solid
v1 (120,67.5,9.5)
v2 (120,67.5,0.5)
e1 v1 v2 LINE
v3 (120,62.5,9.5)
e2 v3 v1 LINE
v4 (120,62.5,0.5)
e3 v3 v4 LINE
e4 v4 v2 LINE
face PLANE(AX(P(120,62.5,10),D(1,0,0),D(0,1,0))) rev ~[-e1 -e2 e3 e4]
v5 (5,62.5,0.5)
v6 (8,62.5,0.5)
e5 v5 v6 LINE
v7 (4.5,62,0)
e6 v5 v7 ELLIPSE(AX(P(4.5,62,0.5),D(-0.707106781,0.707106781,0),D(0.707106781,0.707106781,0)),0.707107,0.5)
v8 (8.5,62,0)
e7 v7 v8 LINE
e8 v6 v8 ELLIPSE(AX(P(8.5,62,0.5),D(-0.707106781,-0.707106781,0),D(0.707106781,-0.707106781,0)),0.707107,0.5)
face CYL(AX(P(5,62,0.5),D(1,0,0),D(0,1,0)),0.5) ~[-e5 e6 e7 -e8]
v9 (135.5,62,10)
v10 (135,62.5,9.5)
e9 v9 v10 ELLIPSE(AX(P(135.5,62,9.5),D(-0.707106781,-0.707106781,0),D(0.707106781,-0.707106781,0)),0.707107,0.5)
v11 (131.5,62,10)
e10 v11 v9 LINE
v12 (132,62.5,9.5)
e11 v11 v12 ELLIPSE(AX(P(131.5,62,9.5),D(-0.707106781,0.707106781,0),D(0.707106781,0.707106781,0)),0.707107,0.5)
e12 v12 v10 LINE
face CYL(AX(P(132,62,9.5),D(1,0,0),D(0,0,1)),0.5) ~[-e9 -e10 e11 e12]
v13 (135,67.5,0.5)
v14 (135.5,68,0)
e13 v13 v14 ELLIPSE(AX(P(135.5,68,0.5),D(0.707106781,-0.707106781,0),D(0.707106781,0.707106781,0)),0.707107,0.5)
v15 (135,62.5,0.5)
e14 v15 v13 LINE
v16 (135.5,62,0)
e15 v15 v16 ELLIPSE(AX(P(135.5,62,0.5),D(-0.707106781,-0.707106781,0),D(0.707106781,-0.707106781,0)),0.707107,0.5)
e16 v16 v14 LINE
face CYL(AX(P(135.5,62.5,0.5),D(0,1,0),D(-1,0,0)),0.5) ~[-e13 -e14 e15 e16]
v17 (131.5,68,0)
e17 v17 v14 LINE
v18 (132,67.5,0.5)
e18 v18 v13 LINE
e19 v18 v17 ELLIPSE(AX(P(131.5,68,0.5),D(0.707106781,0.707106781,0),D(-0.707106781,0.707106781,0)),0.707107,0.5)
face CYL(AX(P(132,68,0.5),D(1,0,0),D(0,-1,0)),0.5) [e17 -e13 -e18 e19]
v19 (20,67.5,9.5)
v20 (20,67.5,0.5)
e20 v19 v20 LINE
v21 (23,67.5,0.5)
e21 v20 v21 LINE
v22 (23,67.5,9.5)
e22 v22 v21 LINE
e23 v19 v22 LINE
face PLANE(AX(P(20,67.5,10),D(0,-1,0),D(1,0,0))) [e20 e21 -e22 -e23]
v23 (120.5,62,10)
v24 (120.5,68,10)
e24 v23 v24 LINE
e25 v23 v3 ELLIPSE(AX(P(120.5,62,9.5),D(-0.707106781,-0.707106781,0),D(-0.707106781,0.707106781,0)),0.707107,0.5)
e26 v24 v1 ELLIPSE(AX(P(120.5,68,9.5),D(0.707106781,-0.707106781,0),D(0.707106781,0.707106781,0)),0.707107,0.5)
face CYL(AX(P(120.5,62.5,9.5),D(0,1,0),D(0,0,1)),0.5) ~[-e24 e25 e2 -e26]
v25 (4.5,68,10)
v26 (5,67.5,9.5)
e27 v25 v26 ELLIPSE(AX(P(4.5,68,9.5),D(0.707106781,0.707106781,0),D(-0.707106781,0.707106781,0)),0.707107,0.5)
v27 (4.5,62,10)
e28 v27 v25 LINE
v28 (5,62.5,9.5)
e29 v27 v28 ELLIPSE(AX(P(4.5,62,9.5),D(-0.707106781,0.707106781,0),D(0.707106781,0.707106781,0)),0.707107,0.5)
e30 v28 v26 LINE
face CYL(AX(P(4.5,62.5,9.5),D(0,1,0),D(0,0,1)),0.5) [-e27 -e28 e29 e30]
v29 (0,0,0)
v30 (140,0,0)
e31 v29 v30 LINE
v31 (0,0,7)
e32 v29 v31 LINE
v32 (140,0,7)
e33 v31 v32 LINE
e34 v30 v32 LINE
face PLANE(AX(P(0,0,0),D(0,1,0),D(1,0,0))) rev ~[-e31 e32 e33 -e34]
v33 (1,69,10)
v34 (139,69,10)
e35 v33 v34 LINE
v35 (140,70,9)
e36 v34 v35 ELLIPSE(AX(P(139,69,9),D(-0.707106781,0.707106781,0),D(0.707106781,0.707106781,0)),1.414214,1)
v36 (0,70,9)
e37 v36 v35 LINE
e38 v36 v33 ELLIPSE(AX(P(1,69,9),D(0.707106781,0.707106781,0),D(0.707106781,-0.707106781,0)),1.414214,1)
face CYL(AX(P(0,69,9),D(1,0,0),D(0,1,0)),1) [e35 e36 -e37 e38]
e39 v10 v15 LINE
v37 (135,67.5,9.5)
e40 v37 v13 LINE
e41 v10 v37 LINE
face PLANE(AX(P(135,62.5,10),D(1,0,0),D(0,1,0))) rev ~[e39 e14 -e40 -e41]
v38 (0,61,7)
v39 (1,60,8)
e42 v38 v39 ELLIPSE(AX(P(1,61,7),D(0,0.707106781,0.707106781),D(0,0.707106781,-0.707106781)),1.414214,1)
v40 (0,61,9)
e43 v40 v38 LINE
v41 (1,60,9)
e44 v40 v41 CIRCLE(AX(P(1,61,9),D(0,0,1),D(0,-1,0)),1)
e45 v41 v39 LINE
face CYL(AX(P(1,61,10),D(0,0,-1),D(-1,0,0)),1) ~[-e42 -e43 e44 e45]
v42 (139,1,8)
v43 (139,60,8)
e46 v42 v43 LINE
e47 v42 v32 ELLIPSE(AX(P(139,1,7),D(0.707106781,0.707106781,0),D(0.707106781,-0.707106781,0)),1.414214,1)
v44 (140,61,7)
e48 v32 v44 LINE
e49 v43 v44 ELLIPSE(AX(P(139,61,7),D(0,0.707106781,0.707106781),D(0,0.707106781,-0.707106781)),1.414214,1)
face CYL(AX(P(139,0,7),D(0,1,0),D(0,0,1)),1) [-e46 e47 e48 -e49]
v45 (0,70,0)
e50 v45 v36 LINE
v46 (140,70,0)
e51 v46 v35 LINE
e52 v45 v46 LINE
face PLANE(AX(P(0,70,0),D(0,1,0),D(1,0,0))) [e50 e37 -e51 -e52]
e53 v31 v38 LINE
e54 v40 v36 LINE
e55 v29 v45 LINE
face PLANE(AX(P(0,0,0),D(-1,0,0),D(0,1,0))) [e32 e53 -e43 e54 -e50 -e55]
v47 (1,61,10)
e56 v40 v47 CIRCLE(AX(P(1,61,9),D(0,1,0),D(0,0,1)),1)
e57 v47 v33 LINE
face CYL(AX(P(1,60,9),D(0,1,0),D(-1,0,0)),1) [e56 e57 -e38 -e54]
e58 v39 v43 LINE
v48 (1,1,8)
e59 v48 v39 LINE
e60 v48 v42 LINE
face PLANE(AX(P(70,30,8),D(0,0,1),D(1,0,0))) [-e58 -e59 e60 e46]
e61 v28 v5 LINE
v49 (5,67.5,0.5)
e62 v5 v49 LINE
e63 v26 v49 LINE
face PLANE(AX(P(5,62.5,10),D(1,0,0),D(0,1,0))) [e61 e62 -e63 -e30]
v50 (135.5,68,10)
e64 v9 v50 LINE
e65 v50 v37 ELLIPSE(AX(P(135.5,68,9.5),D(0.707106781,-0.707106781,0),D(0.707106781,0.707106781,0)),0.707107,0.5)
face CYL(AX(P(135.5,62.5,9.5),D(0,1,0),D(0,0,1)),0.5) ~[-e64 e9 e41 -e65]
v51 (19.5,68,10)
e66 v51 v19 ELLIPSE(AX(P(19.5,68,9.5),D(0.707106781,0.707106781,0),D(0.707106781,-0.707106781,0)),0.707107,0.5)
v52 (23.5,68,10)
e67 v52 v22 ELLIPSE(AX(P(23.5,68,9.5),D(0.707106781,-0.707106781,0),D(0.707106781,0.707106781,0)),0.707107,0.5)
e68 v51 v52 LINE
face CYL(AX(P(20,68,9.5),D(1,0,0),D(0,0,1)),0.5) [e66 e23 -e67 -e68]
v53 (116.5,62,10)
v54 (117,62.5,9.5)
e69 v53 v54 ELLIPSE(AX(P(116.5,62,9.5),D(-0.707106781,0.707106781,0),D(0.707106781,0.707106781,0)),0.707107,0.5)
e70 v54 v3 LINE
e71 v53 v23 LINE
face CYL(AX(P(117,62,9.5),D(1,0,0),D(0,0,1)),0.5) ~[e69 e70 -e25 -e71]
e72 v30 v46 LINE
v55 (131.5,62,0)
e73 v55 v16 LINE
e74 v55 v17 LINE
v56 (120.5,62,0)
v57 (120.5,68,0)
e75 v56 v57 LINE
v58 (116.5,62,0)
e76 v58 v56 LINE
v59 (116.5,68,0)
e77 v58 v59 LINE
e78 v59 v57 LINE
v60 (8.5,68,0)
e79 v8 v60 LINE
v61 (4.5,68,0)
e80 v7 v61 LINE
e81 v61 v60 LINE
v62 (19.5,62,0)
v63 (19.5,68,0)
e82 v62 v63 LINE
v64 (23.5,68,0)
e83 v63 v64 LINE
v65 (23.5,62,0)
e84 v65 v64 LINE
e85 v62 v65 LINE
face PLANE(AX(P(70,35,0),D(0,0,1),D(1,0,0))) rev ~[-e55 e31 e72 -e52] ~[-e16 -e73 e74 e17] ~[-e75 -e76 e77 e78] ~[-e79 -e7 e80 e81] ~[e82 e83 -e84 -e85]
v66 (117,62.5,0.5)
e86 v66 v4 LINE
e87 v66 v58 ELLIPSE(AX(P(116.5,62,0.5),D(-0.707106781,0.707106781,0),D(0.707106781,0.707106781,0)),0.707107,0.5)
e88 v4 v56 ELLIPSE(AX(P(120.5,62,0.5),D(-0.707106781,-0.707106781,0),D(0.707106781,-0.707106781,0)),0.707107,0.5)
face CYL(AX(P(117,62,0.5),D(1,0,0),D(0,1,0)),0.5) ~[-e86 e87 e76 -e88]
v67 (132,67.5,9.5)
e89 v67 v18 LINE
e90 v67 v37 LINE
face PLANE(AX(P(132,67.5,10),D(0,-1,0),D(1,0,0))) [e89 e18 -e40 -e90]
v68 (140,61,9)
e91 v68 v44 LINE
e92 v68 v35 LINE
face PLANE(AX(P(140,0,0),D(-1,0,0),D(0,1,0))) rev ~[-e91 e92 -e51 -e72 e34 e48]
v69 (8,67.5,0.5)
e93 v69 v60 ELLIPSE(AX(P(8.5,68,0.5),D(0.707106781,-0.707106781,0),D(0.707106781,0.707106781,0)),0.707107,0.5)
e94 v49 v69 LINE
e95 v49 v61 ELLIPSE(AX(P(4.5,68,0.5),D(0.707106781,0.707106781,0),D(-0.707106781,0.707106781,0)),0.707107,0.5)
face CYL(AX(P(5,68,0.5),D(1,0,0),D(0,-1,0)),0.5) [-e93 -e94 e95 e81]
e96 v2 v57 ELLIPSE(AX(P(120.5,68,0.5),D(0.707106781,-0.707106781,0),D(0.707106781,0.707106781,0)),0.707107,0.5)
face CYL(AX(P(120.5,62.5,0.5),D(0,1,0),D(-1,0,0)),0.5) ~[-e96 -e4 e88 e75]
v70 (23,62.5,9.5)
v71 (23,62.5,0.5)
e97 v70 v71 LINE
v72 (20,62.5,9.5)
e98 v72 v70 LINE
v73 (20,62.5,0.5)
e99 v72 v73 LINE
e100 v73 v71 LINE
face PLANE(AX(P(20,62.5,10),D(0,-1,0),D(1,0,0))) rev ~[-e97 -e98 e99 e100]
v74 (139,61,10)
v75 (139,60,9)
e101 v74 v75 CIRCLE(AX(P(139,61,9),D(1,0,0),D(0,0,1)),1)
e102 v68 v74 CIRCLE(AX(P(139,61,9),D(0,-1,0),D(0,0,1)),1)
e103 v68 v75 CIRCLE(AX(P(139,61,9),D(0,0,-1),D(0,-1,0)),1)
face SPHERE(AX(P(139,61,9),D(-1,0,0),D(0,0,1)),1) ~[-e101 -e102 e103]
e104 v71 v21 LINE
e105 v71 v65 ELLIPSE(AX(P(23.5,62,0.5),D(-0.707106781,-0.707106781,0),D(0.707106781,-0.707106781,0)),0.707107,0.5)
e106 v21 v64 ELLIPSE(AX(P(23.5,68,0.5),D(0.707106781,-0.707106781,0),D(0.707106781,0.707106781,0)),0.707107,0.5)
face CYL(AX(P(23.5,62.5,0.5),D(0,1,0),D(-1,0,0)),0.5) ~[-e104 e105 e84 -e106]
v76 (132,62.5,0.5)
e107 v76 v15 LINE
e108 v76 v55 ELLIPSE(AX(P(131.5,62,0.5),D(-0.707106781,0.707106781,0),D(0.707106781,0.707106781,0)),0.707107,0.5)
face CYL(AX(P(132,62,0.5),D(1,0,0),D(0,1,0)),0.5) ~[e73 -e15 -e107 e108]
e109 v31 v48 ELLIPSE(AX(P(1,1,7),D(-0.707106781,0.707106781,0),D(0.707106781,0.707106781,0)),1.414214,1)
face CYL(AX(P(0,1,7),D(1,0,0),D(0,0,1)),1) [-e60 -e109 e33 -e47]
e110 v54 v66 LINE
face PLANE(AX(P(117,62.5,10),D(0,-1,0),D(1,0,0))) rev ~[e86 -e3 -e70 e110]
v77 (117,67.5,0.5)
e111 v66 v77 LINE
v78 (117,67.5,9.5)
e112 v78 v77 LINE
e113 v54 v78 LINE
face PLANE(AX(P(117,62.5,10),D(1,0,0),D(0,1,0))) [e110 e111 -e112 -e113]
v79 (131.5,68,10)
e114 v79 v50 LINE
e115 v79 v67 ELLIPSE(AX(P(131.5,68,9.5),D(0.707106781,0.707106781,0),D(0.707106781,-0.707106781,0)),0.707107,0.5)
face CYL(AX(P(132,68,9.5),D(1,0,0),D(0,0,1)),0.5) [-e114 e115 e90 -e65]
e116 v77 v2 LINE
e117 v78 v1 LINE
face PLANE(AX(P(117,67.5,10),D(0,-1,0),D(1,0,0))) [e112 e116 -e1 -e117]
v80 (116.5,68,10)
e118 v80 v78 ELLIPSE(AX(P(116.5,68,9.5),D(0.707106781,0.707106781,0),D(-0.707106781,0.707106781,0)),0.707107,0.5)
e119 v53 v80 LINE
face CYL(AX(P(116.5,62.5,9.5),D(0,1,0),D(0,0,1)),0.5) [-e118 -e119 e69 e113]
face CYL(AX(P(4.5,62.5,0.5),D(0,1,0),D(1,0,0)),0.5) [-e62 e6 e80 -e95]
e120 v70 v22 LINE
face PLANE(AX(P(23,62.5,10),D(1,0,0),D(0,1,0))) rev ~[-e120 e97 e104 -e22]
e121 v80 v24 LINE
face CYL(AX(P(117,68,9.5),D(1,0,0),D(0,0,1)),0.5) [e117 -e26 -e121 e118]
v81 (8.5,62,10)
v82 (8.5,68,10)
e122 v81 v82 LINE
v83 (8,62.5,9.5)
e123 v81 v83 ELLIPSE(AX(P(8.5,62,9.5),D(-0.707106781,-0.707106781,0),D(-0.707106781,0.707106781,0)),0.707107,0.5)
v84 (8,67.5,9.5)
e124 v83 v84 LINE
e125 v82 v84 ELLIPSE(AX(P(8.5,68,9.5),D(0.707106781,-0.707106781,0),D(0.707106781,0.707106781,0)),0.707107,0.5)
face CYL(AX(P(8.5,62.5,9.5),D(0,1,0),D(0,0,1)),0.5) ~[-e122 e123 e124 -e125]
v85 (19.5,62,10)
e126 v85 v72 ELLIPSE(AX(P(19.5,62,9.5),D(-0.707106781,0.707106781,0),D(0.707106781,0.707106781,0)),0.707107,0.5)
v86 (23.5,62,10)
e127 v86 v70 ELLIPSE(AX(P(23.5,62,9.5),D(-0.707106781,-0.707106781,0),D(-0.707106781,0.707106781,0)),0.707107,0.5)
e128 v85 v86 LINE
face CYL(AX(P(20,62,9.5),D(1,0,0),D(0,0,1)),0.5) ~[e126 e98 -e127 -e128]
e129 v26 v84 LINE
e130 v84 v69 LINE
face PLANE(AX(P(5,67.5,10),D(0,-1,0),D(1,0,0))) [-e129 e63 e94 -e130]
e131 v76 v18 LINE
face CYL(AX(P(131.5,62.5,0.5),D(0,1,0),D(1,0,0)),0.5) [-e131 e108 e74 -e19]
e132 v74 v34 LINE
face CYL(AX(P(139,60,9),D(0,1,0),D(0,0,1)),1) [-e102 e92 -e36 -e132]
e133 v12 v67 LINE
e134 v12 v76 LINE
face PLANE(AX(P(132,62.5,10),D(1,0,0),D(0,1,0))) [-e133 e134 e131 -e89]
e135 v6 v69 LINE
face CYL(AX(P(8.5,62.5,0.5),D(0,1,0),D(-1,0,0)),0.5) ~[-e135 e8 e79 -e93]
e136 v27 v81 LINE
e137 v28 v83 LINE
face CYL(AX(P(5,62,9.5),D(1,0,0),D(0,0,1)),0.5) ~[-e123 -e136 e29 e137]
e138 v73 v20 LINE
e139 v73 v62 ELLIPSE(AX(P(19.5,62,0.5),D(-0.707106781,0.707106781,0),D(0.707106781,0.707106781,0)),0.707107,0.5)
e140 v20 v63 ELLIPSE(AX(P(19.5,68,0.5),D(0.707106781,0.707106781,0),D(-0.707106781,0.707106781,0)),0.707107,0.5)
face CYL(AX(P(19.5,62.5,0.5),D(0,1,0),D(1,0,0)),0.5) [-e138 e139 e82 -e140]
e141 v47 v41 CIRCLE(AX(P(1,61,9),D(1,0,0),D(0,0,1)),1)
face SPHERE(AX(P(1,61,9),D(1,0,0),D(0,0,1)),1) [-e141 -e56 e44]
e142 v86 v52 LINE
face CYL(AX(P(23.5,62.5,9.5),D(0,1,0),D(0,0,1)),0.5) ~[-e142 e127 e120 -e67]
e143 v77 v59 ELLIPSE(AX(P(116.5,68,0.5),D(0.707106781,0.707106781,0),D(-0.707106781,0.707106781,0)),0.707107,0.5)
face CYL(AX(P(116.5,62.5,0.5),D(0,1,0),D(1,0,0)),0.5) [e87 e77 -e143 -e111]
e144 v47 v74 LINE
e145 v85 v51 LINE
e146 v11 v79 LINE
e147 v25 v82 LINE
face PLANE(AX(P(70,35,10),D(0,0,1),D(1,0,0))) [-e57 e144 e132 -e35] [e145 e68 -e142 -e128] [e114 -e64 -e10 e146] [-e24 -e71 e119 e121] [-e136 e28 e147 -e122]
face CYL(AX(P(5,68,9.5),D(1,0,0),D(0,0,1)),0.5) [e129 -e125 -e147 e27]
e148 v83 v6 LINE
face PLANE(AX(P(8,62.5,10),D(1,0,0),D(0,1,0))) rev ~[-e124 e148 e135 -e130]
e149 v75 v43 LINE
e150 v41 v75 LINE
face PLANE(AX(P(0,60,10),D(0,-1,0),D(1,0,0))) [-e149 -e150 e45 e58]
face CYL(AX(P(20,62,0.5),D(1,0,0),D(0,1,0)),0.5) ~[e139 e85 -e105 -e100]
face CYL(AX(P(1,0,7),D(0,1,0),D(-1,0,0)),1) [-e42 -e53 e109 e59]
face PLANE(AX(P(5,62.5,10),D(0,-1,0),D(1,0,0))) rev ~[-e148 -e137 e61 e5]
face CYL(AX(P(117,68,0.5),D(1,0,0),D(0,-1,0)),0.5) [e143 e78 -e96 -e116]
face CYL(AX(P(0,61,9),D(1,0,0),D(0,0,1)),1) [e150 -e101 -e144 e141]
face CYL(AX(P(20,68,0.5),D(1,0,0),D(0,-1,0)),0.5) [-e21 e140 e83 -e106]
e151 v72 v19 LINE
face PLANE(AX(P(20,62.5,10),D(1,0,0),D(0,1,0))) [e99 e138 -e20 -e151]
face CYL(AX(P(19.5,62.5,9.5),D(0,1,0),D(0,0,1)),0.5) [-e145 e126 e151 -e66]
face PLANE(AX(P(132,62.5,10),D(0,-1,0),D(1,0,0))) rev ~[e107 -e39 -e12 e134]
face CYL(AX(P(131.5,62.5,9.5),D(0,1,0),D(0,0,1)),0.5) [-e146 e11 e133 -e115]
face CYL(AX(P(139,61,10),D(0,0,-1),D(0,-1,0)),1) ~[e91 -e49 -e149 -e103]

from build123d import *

# Parameters (mm, degrees)
SKETCH_W        = 140
SKETCH_H        = 70
PAD_DEPTH       = 10
SKETCH001_W     = 140
SKETCH001_H     = 60
POCKET_DEPTH    = 2
FILLET_R        = 1
SKETCH002_W     = 3
SKETCH002_H     = 5
POCKET001_DEPTH = 10.001
FILLET001_R     = 0.5
FILLET002_R     = 0.5


with BuildPart() as part:
    # Sketch → Pad (new body)
    with BuildSketch(Plane.XY):
        with Locations((70, 35)):
            Rectangle(SKETCH_W, SKETCH_H)
    extrude(amount=PAD_DEPTH)

    # Sketch001 (on Face6 of Pad) → Pocket (cut)
    with BuildSketch(Plane.XY.offset(10)):
        with Locations((70, 30)):
            Rectangle(SKETCH001_W, SKETCH001_H)
    extrude(amount=-POCKET_DEPTH, mode=Mode.SUBTRACT)

    # Fillet
    fillet_edges = [part.edges().sort_by_distance(p)[0] for p in [
        (0, 30, 8),
        (70, 0, 8),
        (140, 30, 8),
        (70, 60, 10),
        (140, 65, 10),
        (70, 70, 10),
        (0, 65, 10),
        (0, 60, 9),
        (140, 60, 9),
    ]]
    fillet(fillet_edges, radius=FILLET_R)

    # Sketch002 (on Face10 of Fillet) → Pocket001 (cut, through all)
    with BuildSketch(Plane.XY.offset(10)):
        with Locations((6.5, 65)):
            Rectangle(SKETCH002_W, SKETCH002_H)
        with Locations((21.5, 65)):
            Rectangle(SKETCH002_W, SKETCH002_H)
        with Locations((118.5, 65)):
            Rectangle(SKETCH002_W, SKETCH002_H)
        with Locations((133.5, 65)):
            Rectangle(SKETCH002_W, SKETCH002_H)
    extrude(amount=-POCKET001_DEPTH, mode=Mode.SUBTRACT)

    # Fillet001
    fillet001_edges = [part.edges().sort_by_distance(p)[0] for p in [
        (5, 65, 10),
        (6.5, 67.5, 10),
        (8, 65, 10),
        (6.5, 62.5, 10),
        (21.5, 67.5, 10),
        (20, 65, 10),
        (23, 65, 10),
        (21.5, 62.5, 10),
        (117, 65, 10),
        (118.5, 67.5, 10),
        (120, 65, 10),
        (118.5, 62.5, 10),
        (133.5, 67.5, 10),
        (132, 65, 10),
        (133.5, 62.5, 10),
        (135, 65, 10),
    ]]
    fillet(fillet001_edges, radius=FILLET001_R)

    # Fillet002
    fillet002_edges = [part.edges().sort_by_distance(p)[0] for p in [
        (5, 65, 0),
        (6.5, 62.5, 0),
        (8, 65, 0),
        (6.5, 67.5, 0),
        (21.5, 62.5, 0),
        (20, 65, 0),
        (21.5, 67.5, 0),
        (23, 65, 0),
        (117, 65, 0),
        (118.5, 62.5, 0),
        (120, 65, 0),
        (118.5, 67.5, 0),
        (132, 65, 0),
        (133.5, 62.5, 0),
        (135, 65, 0),
        (133.5, 67.5, 0),
    ]]
    fillet(fillet002_edges, radius=FILLET002_R)


solid = part.part
